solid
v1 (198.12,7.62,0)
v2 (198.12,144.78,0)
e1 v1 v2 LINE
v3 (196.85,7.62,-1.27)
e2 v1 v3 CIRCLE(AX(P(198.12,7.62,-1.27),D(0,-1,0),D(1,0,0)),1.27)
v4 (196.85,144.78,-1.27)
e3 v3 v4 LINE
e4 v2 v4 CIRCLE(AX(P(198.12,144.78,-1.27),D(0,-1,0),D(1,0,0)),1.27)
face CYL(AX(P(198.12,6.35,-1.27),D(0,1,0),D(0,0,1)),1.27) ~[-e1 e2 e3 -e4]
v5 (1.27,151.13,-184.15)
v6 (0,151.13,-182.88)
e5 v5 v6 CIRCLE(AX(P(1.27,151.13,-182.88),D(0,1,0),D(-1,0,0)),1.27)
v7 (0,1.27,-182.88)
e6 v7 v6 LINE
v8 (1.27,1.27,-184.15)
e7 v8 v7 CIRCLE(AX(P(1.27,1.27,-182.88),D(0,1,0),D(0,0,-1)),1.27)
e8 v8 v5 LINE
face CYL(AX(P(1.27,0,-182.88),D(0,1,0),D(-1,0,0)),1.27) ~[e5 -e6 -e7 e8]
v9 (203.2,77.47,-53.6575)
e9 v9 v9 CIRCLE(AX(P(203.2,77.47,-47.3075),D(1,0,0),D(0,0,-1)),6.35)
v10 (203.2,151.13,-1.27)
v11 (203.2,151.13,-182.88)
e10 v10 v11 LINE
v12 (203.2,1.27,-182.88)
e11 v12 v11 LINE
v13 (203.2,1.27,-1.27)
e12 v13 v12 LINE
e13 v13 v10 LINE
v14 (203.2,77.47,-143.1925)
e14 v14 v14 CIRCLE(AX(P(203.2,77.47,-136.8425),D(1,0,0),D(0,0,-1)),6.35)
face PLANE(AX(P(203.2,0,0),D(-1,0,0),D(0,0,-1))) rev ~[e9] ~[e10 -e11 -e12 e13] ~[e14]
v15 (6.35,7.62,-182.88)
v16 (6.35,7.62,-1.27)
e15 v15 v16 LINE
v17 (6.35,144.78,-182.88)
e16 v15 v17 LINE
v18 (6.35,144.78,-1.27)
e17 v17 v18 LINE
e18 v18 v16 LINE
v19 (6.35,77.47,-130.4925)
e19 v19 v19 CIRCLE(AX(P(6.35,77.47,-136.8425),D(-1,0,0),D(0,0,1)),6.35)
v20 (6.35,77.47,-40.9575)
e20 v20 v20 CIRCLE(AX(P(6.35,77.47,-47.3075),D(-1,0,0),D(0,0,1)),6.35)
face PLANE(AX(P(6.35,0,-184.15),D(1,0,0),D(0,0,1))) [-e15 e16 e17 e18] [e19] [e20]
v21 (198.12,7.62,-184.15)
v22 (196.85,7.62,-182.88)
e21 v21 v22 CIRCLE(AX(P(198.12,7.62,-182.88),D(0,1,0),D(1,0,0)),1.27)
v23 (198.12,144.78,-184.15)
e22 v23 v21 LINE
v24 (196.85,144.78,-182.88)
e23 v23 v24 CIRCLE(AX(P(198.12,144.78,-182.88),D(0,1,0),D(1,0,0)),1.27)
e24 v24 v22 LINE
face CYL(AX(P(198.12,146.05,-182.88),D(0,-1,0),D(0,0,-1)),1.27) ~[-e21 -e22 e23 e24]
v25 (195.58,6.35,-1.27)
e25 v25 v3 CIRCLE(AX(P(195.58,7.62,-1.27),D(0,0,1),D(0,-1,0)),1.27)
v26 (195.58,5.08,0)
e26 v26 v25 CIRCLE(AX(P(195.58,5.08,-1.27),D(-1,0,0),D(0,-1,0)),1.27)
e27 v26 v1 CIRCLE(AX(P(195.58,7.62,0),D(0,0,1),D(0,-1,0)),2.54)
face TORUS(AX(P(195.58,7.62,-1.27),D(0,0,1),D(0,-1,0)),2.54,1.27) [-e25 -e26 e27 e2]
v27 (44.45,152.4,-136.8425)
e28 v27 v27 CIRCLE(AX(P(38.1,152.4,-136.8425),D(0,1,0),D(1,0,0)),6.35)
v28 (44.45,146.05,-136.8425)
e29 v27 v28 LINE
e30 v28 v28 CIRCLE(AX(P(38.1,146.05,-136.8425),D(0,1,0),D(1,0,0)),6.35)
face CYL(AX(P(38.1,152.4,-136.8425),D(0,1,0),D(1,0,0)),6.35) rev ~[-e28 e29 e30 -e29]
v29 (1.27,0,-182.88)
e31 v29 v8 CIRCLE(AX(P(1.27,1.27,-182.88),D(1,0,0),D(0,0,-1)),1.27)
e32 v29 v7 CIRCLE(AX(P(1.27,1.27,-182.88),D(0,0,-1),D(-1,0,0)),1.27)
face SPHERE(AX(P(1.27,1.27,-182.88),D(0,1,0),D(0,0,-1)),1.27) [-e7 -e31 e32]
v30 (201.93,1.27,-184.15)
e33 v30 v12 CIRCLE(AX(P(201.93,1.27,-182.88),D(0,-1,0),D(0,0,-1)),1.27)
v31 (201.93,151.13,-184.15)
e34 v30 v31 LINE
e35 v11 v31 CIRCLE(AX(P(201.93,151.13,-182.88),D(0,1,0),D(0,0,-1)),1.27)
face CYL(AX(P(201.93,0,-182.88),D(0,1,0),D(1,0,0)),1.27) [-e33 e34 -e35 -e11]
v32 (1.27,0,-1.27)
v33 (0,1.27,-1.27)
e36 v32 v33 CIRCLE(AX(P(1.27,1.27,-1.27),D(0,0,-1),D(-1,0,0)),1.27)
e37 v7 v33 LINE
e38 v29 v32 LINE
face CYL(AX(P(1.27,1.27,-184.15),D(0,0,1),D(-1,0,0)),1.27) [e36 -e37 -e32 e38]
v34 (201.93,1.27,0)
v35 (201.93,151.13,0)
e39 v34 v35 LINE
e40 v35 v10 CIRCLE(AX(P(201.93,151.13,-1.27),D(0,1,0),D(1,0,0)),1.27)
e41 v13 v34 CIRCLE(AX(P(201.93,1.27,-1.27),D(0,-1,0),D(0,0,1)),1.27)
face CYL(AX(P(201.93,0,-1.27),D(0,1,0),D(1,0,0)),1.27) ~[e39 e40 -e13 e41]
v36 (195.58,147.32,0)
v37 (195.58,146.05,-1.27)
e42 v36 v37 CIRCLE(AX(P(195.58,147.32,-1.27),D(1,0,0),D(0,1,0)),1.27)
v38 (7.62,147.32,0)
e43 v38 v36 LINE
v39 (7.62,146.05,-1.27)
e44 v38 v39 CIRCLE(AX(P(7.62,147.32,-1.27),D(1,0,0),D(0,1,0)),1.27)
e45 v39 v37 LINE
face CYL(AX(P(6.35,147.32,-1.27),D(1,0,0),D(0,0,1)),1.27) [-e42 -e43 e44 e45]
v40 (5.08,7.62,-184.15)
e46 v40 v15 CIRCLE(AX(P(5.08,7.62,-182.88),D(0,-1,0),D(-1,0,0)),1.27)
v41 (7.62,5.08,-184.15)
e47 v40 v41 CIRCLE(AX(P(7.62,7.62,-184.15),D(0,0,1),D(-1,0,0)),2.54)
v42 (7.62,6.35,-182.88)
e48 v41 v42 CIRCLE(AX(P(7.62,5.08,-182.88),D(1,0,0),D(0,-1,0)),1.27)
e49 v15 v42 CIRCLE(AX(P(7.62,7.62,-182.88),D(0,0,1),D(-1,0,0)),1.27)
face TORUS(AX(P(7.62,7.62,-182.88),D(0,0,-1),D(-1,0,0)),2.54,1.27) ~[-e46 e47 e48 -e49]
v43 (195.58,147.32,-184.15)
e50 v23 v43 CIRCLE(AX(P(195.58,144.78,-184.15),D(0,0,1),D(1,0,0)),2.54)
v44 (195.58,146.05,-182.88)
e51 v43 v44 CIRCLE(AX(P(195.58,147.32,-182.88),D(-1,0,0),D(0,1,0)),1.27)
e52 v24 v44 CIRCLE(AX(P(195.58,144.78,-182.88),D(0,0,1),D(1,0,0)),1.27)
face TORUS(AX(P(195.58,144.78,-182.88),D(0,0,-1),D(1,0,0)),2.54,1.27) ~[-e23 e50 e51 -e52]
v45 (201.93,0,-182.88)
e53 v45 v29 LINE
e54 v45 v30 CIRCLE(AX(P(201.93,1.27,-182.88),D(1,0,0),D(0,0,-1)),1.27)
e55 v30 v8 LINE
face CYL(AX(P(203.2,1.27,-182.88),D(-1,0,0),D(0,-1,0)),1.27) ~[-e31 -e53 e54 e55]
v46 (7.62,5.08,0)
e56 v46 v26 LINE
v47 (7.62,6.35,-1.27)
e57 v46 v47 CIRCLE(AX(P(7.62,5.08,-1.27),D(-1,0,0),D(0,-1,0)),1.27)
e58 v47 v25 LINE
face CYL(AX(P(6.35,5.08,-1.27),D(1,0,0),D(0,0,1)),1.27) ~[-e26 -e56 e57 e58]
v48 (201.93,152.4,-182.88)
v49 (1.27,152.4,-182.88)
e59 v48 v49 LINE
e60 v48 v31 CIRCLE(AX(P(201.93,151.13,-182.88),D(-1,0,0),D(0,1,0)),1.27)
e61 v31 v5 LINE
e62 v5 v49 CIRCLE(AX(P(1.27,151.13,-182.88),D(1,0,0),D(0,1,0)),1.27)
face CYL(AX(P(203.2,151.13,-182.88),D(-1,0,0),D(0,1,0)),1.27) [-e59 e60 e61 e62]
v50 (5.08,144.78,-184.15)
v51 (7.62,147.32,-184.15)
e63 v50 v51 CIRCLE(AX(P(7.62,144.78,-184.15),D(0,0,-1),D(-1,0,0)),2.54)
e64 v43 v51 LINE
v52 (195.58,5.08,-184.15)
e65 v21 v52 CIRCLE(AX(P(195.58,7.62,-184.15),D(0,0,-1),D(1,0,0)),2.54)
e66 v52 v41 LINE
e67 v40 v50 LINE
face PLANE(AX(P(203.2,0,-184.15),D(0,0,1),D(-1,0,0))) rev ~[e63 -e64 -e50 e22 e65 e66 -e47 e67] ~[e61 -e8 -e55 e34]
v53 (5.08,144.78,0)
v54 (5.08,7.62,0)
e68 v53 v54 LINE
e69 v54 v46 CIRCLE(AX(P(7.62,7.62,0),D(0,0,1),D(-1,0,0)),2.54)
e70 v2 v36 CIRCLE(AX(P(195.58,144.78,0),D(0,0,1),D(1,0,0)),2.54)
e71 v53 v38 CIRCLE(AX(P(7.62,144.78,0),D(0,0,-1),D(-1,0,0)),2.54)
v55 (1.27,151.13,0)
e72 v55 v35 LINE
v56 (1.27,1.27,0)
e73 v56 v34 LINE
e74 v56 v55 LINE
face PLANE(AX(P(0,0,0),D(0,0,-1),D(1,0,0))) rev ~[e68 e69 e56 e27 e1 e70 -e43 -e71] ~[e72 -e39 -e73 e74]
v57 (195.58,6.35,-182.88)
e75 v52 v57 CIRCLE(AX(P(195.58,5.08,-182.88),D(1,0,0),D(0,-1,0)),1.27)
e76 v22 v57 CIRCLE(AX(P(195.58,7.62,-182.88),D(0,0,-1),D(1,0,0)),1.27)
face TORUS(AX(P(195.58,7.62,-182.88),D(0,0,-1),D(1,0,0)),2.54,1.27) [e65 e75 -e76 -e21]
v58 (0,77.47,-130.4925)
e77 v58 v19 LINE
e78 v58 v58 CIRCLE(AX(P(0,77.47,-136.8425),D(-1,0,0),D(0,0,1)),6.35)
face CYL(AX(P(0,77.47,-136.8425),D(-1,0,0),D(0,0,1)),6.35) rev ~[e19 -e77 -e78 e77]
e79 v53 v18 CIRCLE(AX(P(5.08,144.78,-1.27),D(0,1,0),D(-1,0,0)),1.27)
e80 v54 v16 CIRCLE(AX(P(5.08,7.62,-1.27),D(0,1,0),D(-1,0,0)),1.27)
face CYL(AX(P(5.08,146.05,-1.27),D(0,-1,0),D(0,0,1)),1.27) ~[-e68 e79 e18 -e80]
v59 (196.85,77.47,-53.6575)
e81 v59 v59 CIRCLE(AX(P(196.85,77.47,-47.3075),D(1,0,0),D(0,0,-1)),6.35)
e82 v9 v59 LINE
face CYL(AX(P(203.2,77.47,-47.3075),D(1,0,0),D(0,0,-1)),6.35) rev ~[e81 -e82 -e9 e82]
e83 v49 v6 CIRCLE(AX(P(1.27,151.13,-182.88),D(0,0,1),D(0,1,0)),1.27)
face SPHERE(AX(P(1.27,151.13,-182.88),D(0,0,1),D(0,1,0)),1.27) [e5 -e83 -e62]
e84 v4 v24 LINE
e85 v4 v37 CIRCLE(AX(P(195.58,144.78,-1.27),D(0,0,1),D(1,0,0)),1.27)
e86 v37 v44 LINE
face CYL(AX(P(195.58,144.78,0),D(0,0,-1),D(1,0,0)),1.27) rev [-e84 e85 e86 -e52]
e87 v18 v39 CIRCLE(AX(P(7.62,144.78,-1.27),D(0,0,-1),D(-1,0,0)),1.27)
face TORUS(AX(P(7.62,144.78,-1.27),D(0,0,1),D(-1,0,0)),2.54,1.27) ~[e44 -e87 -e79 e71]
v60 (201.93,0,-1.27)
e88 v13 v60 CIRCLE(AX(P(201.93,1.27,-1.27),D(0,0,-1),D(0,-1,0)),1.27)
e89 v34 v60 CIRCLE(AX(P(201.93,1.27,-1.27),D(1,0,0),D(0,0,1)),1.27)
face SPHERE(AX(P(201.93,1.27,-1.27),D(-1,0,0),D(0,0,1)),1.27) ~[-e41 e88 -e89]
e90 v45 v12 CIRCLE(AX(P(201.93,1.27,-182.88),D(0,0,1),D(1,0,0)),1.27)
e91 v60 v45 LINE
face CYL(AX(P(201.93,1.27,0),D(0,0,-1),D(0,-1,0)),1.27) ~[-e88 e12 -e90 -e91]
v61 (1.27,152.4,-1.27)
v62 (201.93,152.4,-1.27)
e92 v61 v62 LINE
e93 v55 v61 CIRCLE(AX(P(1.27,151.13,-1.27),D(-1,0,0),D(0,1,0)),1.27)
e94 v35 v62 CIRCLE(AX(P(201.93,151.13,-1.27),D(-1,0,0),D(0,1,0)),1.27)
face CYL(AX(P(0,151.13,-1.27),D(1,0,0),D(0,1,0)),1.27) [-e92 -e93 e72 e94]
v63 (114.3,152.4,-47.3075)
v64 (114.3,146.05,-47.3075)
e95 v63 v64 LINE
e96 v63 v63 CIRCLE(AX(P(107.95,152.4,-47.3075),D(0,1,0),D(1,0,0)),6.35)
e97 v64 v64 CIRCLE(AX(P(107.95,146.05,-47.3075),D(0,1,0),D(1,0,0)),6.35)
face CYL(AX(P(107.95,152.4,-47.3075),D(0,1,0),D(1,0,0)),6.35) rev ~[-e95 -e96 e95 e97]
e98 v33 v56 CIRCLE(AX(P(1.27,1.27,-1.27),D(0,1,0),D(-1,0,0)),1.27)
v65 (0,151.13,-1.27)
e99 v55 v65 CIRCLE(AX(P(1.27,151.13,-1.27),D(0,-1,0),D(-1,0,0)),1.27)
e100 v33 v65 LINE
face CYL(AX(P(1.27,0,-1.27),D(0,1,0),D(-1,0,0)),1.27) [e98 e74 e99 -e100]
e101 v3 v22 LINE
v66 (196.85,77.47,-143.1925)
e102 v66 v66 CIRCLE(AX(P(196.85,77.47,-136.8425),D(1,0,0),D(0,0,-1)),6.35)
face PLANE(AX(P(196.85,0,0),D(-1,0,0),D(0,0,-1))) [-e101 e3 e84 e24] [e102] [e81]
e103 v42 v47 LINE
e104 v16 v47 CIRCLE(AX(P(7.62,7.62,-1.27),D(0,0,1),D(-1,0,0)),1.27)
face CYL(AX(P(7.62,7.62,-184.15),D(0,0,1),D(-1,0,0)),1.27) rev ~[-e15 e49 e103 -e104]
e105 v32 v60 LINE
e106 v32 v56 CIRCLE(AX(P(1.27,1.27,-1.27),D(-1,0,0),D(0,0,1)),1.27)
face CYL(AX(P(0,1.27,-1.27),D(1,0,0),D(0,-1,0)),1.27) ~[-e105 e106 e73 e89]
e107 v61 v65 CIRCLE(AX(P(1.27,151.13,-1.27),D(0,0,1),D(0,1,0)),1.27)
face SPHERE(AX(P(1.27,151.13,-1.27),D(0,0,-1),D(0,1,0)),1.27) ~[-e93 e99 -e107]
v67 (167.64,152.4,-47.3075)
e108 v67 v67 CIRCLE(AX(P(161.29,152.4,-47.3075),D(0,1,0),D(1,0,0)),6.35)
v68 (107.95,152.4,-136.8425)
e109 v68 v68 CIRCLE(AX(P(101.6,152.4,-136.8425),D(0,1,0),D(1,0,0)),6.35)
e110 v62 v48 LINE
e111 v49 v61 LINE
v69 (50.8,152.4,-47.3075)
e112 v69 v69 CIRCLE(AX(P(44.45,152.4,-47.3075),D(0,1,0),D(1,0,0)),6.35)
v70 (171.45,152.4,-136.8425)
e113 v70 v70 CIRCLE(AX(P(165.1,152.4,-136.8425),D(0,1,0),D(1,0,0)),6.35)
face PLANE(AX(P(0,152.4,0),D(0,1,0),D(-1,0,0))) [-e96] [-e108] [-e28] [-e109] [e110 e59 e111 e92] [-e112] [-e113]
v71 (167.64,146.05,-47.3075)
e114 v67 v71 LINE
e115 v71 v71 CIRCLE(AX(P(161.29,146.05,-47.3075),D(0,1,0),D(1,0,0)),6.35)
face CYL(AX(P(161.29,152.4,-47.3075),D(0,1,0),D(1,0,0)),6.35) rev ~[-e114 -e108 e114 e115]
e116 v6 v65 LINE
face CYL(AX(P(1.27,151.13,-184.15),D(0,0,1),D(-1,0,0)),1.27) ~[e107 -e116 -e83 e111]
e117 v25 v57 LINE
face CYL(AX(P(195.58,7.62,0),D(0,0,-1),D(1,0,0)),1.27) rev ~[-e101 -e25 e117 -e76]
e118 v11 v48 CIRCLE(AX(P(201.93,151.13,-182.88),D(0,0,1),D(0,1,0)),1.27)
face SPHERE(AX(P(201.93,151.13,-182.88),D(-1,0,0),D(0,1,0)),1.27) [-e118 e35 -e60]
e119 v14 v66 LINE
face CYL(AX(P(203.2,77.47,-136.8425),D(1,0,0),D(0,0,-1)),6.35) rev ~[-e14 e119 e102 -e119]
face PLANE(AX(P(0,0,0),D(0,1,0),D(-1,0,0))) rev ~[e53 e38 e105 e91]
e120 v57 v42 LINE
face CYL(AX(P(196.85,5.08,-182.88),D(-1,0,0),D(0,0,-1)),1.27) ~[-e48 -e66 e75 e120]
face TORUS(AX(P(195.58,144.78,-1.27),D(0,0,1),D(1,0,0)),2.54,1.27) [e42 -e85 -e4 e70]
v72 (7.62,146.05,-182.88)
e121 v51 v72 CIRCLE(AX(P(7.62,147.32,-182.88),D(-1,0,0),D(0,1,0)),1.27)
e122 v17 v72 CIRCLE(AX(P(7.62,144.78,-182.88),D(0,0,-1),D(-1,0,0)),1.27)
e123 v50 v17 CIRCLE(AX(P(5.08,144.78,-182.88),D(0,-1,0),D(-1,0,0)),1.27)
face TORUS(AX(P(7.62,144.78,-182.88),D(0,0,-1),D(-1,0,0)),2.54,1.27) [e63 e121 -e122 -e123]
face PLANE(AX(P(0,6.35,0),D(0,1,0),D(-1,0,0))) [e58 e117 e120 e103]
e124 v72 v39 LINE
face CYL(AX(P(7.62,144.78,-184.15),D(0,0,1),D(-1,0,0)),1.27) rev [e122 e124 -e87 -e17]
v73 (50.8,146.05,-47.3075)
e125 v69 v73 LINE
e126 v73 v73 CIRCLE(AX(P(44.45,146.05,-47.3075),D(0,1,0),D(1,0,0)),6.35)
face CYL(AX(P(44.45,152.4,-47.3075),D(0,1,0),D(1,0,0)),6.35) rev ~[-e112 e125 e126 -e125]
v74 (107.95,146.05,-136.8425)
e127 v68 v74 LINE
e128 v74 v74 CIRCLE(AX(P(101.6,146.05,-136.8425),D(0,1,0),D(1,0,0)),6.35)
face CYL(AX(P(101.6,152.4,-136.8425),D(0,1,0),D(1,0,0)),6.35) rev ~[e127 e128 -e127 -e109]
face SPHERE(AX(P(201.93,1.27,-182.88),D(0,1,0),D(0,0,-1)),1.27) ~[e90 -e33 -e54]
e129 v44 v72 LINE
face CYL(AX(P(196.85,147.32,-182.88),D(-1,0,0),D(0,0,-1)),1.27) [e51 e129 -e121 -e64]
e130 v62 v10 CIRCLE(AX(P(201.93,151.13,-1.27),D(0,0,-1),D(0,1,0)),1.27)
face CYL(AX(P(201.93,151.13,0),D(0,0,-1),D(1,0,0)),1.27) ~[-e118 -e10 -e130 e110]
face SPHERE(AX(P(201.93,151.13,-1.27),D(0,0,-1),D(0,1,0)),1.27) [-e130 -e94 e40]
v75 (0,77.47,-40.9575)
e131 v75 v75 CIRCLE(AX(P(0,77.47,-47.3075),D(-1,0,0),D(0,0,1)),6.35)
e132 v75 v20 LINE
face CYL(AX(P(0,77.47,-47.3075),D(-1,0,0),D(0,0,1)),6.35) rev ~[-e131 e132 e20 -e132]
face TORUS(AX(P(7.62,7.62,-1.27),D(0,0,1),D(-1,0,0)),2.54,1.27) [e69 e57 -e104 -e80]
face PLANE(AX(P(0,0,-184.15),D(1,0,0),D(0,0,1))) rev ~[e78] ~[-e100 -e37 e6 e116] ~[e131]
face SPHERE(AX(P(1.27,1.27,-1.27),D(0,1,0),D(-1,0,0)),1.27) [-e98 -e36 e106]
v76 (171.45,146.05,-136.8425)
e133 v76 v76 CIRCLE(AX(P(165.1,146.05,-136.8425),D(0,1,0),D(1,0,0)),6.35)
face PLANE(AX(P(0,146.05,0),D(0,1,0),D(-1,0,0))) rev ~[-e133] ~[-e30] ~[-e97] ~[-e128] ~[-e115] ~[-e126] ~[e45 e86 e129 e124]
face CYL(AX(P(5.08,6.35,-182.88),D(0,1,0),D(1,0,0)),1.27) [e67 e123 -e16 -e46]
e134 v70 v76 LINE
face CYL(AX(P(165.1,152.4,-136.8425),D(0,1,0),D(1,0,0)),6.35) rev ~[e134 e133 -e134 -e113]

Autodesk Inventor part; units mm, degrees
ref_plane "YZ Plane" through (0, 0, 0) normal (1, 0, 0) x (0, 1, 0)
ref_plane "XZ Plane" through (0, 0, 0) normal (0, 1, 0) x (-1, 0, 0)
ref_plane "XY Plane" through (0, 0, 0) normal (0, 0, 1) x (1, 0, 0)
sketch "Sketch1" plane through (0, 0, 0) normal (0, 1, 0) x (-1, 0, 0)
  line L0 (0, 0) -> (-203.2, 0)
  line L1 (-203.2, 0) -> (-203.2, -184.15)
  line L2 (-203.2, -184.15) -> (0, -184.15)
  line L3 (0, -184.15) -> (0, 0)
  dimension "blength" = 203.2
  dimension "bwidth" = 184.15
extrude "Extrusion1" add sketch "Sketch1" along normal blind 152.4
shell "Shell1" thickness 6.35 removed faces 2 at (135.4667, 50.8, -184.15) at (67.7333, 50.8, 0)
fillet "Fillet1" radius 1.27 24 edges at (0, 152.4, -92.075) (101.6, 152.4, -184.15) (203.2, 152.4, -92.075) (101.6, 152.4, 0) (0, 76.2, -184.15) (6.35, 76.2, -184.15) (196.85, 76.2, -184.15) (101.6, 6.35, -184.15) (101.6, 146.05, -184.15) (203.2, 76.2, -184.15) (101.6, 0, -184.15) (6.35, 6.35, -92.075) (6.35, 146.05, -92.075) (196.85, 6.35, -92.075) (196.85, 146.05, -92.075) (6.35, 76.2, 0) (101.6, 6.35, 0) (196.85, 76.2, 0) (101.6, 146.05, 0) (0, 76.2, 0) (0, 0, -92.075) (101.6, 0, 0) (203.2, 76.2, 0) (203.2, 0, -92.075)
sketch "Sketch9" plane through (203.2, 1.27, -182.88) normal (1, 0, 0) x (0, 0, -1)
  line L0 (0, 0) -> (-181.61, 0) projected
  line L1 (0, 149.86) -> (0, 0) projected
  line L2 (-181.61, 0) -> (-181.61, 149.86) projected
  circle A0 centre (-135.5725, 76.2) radius 6.35
  circle A1 centre (-46.0375, 76.2) radius 6.35
  point P0 (-182.88, -1.27)
  dimension "csize" = 12.7
  dimension "d81" = 12.7
  dimension "d82" = 76.2
  dimension "d83" = 76.2
  dimension "d84" = 46.0375
  dimension "d85" = 46.0375
extrude "Extrusion6" cut sketch "Sketch9" against normal blind 6.35
sketch "Sketch10" plane through (0, 1.27, -1.27) normal (-1, 0, 0) x (0, 0, 1)
  line L0 (0, 0) -> (-181.61, 0) projected
  line L1 (0, 149.86) -> (0, 0) projected
  line L2 (-181.61, 0) -> (-181.61, 149.86) projected
  line L3 (0, 0) -> (-181.61, 0)
  line L4 (0, 149.86) -> (0, 0)
  line L5 (-181.61, 0) -> (-181.61, 149.86)
  circle A0 centre (-135.5725, 76.2) radius 6.35
  circle A1 centre (-46.0375, 76.2) radius 6.35
  point P0 (1.27, -1.27)
  point P1 (-182.88, -1.27)
  dimension "d106" = 12.7
  dimension "d107" = 12.7
  dimension "d108" = 46.0375
  dimension "d109" = 46.0375
  dimension "d110" = 76.2
  dimension "d111" = 76.2
sketch "Sketch11" plane through (0, 152.4, 0) normal (0, 1, 0) x (1, 0, 0)
  line L0 (201.93, 1.27) -> (1.27, 1.27) projected
  line L1 (201.93, 182.88) -> (201.93, 1.27) projected
  line L2 (1.27, 182.88) -> (201.93, 182.88) projected
  circle A0 centre (38.1, 136.8425) radius 6.35
  circle A1 centre (101.6, 136.8425) radius 6.35
  circle A2 centre (165.1, 136.8425) radius 6.35
  circle A3 centre (44.45, 47.3075) radius 6.35
  circle A4 centre (107.95, 47.3075) radius 6.35
  circle A5 centre (161.29, 47.3075) radius 6.35
  line L3 (1.27, 1.27) -> (1.27, 182.88) projected
  point P0 (0, 0)
  dimension "d112" = 12.7
  dimension "d113" = 12.7
  dimension "d114" = 12.7
  dimension "d115" = 46.0375
  dimension "d116" = 46.0375
  dimension "d117" = 46.0375
  dimension "d118" = 12.7
  dimension "d119" = 12.7
  dimension "d120" = 12.7
  dimension "d126" = 46.0375
  dimension "d127" = 46.0375
  dimension "d128" = 46.0375
  dimension "d134" = 40.64
  dimension "d135" = 106.68
extrude "Extrusion7" cut sketch "Sketch11" against normal blind 6.35 contours A0 | A1 | A2 | A3 | A4 | A5
extrude "Extrusion8" cut sketch "Sketch10" against normal blind 6.35
equation "\"d81\" = csize"
equation "\"d82\" = 0.5 * bheight"
equation "\"d83\" = 0.5 * bheight"
equation "\"d84\" = 0.25 * bwidth"
equation "\"d85\" = 0.25 * bwidth"
equation "\"d106\" = csize"
equation "\"d107\" = csize"
equation "\"d108\" = 0.25 * bwidth"
equation "\"d109\" = 0.25 * bwidth"
equation "\"d110\" = 0.5 * bheight"
equation "\"d111\" = 0.5 * bheight"
equation "\"d112\" = csize"
equation "\"d113\" = csize"
equation "\"d114\" = csize"
equation "\"d115\" = 0.25 * bwidth"
equation "\"d116\" = 0.25 * bwidth"
equation "\"d117\" = 0.25 * bwidth"
equation "\"d118\" = csize"
equation "\"d119\" = csize"
equation "\"d120\" = csize"
equation "\"d126\" = 0.25 * bwidth"
equation "\"d127\" = 0.25 * bwidth"
equation "\"d128\" = 0.25 * bwidth"
equation "\"d130\" = holeextrude"
equation "\"d132\" = holeextrude"
equation "\"topCircDistFromCntr\" = 0.2 * bwidth"
equation "\"bheight\" = 152.4"
equation "\"holeextrude\" = 6.35"
properties part number "Box Base"
